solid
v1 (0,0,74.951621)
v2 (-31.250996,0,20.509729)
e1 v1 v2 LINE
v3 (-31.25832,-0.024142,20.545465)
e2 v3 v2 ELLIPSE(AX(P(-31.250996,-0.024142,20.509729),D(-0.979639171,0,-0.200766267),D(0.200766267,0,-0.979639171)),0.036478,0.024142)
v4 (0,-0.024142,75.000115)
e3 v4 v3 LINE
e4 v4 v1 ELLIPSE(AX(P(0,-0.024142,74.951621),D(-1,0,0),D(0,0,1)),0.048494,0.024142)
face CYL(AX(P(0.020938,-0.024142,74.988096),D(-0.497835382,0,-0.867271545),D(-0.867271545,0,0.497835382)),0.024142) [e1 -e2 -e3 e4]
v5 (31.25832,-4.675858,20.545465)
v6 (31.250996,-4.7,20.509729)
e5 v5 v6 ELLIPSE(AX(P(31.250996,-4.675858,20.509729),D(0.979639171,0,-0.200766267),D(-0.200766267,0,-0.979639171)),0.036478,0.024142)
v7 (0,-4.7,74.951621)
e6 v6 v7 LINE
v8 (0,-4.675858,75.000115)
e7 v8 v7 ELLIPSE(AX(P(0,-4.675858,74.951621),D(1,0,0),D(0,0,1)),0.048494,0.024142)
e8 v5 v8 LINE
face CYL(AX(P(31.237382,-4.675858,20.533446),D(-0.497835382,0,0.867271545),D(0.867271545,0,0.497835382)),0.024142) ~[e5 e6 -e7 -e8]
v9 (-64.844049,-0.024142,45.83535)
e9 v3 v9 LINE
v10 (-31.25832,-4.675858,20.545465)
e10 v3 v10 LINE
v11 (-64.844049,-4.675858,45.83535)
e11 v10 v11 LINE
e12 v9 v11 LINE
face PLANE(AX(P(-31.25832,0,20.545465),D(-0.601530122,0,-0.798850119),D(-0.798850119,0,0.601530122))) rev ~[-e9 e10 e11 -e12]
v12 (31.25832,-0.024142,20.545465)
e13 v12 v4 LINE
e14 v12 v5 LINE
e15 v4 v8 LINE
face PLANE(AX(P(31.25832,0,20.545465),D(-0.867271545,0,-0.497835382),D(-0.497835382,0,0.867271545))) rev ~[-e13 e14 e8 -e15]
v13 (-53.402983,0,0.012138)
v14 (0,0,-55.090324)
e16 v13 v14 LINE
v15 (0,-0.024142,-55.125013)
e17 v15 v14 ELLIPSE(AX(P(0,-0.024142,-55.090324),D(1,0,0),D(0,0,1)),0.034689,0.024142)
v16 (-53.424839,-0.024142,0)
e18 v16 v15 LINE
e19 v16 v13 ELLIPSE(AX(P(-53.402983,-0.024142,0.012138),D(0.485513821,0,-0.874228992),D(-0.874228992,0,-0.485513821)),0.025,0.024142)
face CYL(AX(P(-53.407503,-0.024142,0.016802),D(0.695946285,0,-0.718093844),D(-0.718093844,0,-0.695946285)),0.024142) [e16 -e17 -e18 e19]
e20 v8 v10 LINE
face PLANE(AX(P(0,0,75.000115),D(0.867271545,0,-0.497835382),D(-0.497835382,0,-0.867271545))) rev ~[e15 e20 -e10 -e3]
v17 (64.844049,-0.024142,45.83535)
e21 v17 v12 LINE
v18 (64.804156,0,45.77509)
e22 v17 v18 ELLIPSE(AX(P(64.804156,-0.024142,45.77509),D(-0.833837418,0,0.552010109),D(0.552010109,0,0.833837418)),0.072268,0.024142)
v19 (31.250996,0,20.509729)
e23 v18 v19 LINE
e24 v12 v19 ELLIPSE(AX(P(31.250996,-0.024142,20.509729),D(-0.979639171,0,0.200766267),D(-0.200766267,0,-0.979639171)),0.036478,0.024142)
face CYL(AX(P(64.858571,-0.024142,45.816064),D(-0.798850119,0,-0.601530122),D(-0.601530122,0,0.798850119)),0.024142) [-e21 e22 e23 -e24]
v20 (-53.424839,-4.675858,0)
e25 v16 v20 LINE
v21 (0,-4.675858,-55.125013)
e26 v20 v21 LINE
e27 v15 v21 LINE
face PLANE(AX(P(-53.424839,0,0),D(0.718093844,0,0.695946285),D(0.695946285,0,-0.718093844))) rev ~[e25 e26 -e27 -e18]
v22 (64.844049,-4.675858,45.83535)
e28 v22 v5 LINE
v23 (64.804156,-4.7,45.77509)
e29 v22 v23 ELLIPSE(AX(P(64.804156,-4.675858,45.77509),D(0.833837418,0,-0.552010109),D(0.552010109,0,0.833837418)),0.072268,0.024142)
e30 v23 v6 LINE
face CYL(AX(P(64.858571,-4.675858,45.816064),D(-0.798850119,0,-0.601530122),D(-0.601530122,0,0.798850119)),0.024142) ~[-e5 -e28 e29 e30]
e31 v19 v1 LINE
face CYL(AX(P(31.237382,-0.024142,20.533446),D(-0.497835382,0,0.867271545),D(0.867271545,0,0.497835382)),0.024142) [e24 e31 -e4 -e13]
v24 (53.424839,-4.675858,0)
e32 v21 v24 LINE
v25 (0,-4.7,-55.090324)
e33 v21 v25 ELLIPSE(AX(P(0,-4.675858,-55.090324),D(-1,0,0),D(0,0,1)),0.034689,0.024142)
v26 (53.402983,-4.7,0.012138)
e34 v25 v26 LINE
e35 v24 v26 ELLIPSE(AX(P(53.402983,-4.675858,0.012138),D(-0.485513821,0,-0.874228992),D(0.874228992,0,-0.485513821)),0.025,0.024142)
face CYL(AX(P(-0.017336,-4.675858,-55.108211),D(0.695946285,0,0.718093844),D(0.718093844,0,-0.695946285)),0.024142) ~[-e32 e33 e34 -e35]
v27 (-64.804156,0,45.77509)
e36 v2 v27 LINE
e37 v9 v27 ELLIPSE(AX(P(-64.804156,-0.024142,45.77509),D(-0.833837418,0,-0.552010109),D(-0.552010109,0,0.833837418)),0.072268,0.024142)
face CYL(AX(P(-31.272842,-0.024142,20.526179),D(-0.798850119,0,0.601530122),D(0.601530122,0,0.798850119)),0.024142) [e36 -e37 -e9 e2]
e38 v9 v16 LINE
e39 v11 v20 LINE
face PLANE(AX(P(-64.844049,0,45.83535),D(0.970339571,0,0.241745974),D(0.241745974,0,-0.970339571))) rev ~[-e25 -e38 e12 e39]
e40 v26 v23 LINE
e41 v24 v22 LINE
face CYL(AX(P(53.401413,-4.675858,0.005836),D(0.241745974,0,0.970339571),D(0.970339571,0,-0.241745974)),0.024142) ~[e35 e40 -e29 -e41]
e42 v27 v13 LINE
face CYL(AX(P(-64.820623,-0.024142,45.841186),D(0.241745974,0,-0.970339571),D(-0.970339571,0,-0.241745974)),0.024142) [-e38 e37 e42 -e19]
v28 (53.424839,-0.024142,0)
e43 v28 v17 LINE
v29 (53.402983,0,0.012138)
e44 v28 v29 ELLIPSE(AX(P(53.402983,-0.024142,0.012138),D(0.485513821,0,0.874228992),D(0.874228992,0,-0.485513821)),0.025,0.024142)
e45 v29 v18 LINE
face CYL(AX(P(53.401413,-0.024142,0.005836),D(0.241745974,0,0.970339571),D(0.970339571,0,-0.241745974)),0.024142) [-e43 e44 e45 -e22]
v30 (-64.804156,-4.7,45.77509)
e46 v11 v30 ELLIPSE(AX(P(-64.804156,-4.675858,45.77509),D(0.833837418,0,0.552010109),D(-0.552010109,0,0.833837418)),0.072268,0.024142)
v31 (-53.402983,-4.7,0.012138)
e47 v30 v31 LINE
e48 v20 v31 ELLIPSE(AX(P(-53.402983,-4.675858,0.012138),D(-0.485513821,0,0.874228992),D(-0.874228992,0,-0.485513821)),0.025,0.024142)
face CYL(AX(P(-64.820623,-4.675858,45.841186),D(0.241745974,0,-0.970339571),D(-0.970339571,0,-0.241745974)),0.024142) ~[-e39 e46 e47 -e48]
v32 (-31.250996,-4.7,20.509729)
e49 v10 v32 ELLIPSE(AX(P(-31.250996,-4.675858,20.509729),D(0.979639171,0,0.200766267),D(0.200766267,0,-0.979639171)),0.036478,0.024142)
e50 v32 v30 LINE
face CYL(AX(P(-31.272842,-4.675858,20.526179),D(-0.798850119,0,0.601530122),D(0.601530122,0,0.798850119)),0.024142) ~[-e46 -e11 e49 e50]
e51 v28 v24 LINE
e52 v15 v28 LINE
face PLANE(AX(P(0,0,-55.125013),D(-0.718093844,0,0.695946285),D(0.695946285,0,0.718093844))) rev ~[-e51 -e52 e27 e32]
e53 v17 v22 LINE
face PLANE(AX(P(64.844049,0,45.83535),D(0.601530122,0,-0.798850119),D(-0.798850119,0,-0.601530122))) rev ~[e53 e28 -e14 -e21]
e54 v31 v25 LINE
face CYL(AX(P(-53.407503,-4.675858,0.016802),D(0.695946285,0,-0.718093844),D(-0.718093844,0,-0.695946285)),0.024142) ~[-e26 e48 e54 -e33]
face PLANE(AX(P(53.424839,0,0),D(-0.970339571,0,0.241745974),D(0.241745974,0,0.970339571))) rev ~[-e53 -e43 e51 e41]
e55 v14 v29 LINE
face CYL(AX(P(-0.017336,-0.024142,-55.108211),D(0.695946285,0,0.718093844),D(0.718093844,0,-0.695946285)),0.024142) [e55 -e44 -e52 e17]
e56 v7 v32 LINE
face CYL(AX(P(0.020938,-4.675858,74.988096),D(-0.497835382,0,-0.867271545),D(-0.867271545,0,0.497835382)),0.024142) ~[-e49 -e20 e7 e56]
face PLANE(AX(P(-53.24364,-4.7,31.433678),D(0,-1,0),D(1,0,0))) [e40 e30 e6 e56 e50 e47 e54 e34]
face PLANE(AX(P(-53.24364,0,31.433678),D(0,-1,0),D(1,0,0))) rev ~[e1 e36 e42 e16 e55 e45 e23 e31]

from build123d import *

# Parameters (mm, degrees)
F1_DEPTH = 4.7
F2_R     = 0.024142


with BuildPart() as f1:
    # F0 (on Front) → F1 (new body)
    with BuildSketch(Plane.XZ):
        Polygon((-39.624013, 20.545465), (-64.844049, 45.83535), (-50.10891, 20.545465), align=None)
        Polygon((-39.624013, 9.247222), (-53.424839, 0), (-39.624013, 0), align=None)
        Polygon((-39.624013, 0), (-4.458583, -17.23217), (-39.624013, 9.247222), align=None)
        Polygon((-8.164178, -8.527329), (-31.25832, 20.545465), (-36.872391, 13.08981), align=None)
        Polygon((36.872391, 13.08981), (31.25832, 20.545465), (8.164178, -8.527329), align=None)
        Polygon((-50.10891, 20.545465), (-64.844049, 45.83535), (-53.424839, 0), align=None)
        Polygon((53.424839, 0), (64.844049, 45.83535), (51.224452, 20.545465), align=None)
        Polygon((-53.424839, 0), (-39.624013, 20.545465), (-50.10891, 20.545465), align=None)
        Polygon((0, -41.830052), (0, -38.849156), (-9.017084, -32.292167), align=None)
        Polygon((-8.164178, -8.527329), (-8.164178, 34.70695), (-17.209567, 15.423087), align=None)
        Polygon((9.017084, -32.292167), (0, -38.849156), (0, -41.830052), align=None)
        Polygon((-17.209567, 15.423087), (-31.25832, 20.545465), (-8.164178, -8.527329), align=None)
        Polygon((-9.017084, -32.292167), (0, -38.849156), (-12.023887, -23.88629), align=None)
        Polygon((0, 13.08981), (-8.164178, 34.70695), (-8.164178, -8.527329), align=None)
        Polygon((0, -23.88629), (-4.458583, -17.23217), (0, -38.849156), align=None)
        Polygon((-12.023887, -23.88629), (-53.424839, 0), (-9.017084, -32.292167), align=None)
        Polygon((8.164178, -8.527329), (8.164178, 34.70695), (0, 13.08981), align=None)
        Polygon((0, -38.849156), (-4.458583, -17.23217), (-6.800296, -23.88629), align=None)
        Polygon((-9.017084, -32.292167), (-53.424839, 0), (-9.017084, -38.849156), align=None)
        Polygon((16.539879, 15.423087), (8.164178, 34.70695), (8.164178, -8.527329), align=None)
        Polygon((0, 51.367465), (-8.164178, 34.70695), (0, 13.08981), align=None)
        Polygon((-36.872391, 13.08981), (-31.25832, 20.545465), (-64.844049, 45.83535), (-39.624013, 20.545465), (-53.424839, 0), (-39.624013, 9.247222), (-4.458583, -17.23217), (-8.164178, -8.527329), align=None)
        Polygon((39.624013, 0), (4.458583, -17.23217), (53.424839, 0), align=None)
        Polygon((0, 13.08981), (8.164178, 34.70695), (0, 51.367465), align=None)
        Polygon((64.844049, 45.83535), (31.25832, 20.545465), (36.872391, 13.08981), (8.164178, -8.527329), (4.458583, -17.23217), (39.624013, 9.247222), (53.424839, 0), (39.624013, 20.545465), align=None)
        Polygon((51.224452, 20.545465), (39.624013, 20.545465), (53.424839, 0), align=None)
        Polygon((8.164178, -8.527329), (0, 13.08981), (0, 0), align=None)
        Polygon((0, -17.23217), (-8.164178, -8.527329), (-4.458583, -17.23217), (0, -23.88629), (4.458583, -17.23217), (8.164178, -8.527329), align=None)
        Polygon((39.624013, 0), (53.424839, 0), (39.624013, 9.247222), align=None)
        Polygon((-53.424839, 0), (-4.458583, -17.23217), (-39.624013, 0), align=None)
        Polygon((0, 13.08981), (-8.164178, -8.527329), (0, 0), align=None)
        Polygon((51.224452, 20.545465), (64.844049, 45.83535), (39.624013, 20.545465), align=None)
        Polygon((0, -17.23217), (8.164178, -8.527329), (0, 0), align=None)
        Polygon((12.45934, -23.88629), (4.458583, -17.23217), (6.800296, -23.88629), align=None)
        Polygon((39.624013, 9.247222), (4.458583, -17.23217), (39.624013, 0), align=None)
        Polygon((0, 0), (-8.164178, -8.527329), (0, -17.23217), align=None)
        Polygon((6.800296, -23.88629), (0, -38.849156), (12.45934, -23.88629), align=None)
        Polygon((0, -38.849156), (4.458583, -17.23217), (0, -23.88629), align=None)
        Polygon((31.25832, 20.545465), (8.164178, 34.70695), (16.539879, 15.423087), align=None)
        Polygon((-6.800296, -23.88629), (-4.458583, -17.23217), (-12.023887, -23.88629), align=None)
        Polygon((6.800296, -23.88629), (4.458583, -17.23217), (0, -38.849156), align=None)
        Polygon((13.447622, 38.903885), (8.164178, 34.70695), (31.25832, 20.545465), align=None)
        Polygon((-12.023887, -23.88629), (0, -38.849156), (-6.800296, -23.88629), align=None)
        Polygon((9.017084, -32.292167), (53.424839, 0), (12.45934, -23.88629), align=None)
        Polygon((8.164178, -8.527329), (31.25832, 20.545465), (16.539879, 15.423087), align=None)
        Polygon((9.017084, -38.849156), (53.424839, 0), (9.017084, -32.292167), align=None)
        Polygon((-17.209567, 15.423087), (-8.164178, 34.70695), (-31.25832, 20.545465), align=None)
        Polygon((12.45934, -23.88629), (0, -38.849156), (9.017084, -32.292167), align=None)
        Polygon((-31.25832, 20.545465), (-8.164178, 34.70695), (-14.412208, 38.903885), align=None)
        Polygon((0, 51.367465), (0, 75.000115), (-8.164178, 34.70695), align=None)
        Polygon((-8.164178, 34.70695), (0, 75.000115), (-14.412208, 38.903885), align=None)
        Polygon((8.164178, 34.70695), (0, 75.000115), (0, 51.367465), align=None)
        Polygon((13.447622, 38.903885), (0, 75.000115), (8.164178, 34.70695), align=None)
        Polygon((-9.017084, -38.849156), (-53.424839, 0), (0, -55.125013), align=None)
        Polygon((0, -46.737555), (-9.017084, -32.292167), (-7.911413, -37.652902), align=None)
        Polygon((7.911413, -37.652902), (9.017084, -32.292167), (0, -46.737555), align=None)
        Polygon((-9.017084, -38.849156), (0, -55.125013), (0, -50.224371), align=None)
        Polygon((0, -46.737555), (-9.017084, -38.849156), (0, -50.224371), align=None)
        Polygon((0, -50.224371), (0, -55.125013), (9.017084, -38.849156), align=None)
        Polygon((0, -41.830052), (-9.017084, -32.292167), (0, -46.737555), align=None)
        Polygon((0, -46.737555), (9.017084, -32.292167), (0, -41.830052), align=None)
        Polygon((9.017084, -38.849156), (9.017084, -32.292167), (7.911413, -37.652902), (0, -46.737555), align=None)
        Polygon((0, -50.224371), (9.017084, -38.849156), (0, -46.737555), align=None)
        Polygon((-7.911413, -37.652902), (-9.017084, -32.292167), (-9.017084, -38.849156), (0, -46.737555), align=None)
        Polygon((0, -55.125013), (53.424839, 0), (9.017084, -38.849156), align=None)
        Polygon((-14.412208, 38.903885), (0, 75.000115), (-31.25832, 20.545465), align=None)
        Polygon((31.25832, 20.545465), (0, 75.000115), (13.447622, 38.903885), align=None)
        Polygon((-12.023887, -23.88629), (-4.458583, -17.23217), (-53.424839, 0), align=None)
        Polygon((53.424839, 0), (4.458583, -17.23217), (12.45934, -23.88629), align=None)
    extrude(amount=F1_DEPTH)

    # F2
    f2_edges = [f1.edges().sort_by_distance(p)[0] for p in [
        (26.712419, -4.7, -27.562506),
        (59.134444, -4.7, 22.917675),
        (48.051184, -4.7, 33.190408),
        (15.62916, -4.7, 47.77279),
        (-15.62916, -4.7, 47.77279),
        (-48.051184, -4.7, 33.190408),
        (-59.134444, -4.7, 22.917675),
        (-26.712419, -4.7, -27.562506),
        (26.712419, 0, -27.562506),
        (59.134444, 0, 22.917675),
        (48.051184, 0, 33.190408),
        (15.62916, 0, 47.77279),
        (-15.62916, 0, 47.77279),
        (-48.051184, 0, 33.190408),
        (-59.134444, 0, 22.917675),
        (-26.712419, 0, -27.562506),
    ]]
    fillet(f2_edges, radius=F2_R)


solid = f1.part
